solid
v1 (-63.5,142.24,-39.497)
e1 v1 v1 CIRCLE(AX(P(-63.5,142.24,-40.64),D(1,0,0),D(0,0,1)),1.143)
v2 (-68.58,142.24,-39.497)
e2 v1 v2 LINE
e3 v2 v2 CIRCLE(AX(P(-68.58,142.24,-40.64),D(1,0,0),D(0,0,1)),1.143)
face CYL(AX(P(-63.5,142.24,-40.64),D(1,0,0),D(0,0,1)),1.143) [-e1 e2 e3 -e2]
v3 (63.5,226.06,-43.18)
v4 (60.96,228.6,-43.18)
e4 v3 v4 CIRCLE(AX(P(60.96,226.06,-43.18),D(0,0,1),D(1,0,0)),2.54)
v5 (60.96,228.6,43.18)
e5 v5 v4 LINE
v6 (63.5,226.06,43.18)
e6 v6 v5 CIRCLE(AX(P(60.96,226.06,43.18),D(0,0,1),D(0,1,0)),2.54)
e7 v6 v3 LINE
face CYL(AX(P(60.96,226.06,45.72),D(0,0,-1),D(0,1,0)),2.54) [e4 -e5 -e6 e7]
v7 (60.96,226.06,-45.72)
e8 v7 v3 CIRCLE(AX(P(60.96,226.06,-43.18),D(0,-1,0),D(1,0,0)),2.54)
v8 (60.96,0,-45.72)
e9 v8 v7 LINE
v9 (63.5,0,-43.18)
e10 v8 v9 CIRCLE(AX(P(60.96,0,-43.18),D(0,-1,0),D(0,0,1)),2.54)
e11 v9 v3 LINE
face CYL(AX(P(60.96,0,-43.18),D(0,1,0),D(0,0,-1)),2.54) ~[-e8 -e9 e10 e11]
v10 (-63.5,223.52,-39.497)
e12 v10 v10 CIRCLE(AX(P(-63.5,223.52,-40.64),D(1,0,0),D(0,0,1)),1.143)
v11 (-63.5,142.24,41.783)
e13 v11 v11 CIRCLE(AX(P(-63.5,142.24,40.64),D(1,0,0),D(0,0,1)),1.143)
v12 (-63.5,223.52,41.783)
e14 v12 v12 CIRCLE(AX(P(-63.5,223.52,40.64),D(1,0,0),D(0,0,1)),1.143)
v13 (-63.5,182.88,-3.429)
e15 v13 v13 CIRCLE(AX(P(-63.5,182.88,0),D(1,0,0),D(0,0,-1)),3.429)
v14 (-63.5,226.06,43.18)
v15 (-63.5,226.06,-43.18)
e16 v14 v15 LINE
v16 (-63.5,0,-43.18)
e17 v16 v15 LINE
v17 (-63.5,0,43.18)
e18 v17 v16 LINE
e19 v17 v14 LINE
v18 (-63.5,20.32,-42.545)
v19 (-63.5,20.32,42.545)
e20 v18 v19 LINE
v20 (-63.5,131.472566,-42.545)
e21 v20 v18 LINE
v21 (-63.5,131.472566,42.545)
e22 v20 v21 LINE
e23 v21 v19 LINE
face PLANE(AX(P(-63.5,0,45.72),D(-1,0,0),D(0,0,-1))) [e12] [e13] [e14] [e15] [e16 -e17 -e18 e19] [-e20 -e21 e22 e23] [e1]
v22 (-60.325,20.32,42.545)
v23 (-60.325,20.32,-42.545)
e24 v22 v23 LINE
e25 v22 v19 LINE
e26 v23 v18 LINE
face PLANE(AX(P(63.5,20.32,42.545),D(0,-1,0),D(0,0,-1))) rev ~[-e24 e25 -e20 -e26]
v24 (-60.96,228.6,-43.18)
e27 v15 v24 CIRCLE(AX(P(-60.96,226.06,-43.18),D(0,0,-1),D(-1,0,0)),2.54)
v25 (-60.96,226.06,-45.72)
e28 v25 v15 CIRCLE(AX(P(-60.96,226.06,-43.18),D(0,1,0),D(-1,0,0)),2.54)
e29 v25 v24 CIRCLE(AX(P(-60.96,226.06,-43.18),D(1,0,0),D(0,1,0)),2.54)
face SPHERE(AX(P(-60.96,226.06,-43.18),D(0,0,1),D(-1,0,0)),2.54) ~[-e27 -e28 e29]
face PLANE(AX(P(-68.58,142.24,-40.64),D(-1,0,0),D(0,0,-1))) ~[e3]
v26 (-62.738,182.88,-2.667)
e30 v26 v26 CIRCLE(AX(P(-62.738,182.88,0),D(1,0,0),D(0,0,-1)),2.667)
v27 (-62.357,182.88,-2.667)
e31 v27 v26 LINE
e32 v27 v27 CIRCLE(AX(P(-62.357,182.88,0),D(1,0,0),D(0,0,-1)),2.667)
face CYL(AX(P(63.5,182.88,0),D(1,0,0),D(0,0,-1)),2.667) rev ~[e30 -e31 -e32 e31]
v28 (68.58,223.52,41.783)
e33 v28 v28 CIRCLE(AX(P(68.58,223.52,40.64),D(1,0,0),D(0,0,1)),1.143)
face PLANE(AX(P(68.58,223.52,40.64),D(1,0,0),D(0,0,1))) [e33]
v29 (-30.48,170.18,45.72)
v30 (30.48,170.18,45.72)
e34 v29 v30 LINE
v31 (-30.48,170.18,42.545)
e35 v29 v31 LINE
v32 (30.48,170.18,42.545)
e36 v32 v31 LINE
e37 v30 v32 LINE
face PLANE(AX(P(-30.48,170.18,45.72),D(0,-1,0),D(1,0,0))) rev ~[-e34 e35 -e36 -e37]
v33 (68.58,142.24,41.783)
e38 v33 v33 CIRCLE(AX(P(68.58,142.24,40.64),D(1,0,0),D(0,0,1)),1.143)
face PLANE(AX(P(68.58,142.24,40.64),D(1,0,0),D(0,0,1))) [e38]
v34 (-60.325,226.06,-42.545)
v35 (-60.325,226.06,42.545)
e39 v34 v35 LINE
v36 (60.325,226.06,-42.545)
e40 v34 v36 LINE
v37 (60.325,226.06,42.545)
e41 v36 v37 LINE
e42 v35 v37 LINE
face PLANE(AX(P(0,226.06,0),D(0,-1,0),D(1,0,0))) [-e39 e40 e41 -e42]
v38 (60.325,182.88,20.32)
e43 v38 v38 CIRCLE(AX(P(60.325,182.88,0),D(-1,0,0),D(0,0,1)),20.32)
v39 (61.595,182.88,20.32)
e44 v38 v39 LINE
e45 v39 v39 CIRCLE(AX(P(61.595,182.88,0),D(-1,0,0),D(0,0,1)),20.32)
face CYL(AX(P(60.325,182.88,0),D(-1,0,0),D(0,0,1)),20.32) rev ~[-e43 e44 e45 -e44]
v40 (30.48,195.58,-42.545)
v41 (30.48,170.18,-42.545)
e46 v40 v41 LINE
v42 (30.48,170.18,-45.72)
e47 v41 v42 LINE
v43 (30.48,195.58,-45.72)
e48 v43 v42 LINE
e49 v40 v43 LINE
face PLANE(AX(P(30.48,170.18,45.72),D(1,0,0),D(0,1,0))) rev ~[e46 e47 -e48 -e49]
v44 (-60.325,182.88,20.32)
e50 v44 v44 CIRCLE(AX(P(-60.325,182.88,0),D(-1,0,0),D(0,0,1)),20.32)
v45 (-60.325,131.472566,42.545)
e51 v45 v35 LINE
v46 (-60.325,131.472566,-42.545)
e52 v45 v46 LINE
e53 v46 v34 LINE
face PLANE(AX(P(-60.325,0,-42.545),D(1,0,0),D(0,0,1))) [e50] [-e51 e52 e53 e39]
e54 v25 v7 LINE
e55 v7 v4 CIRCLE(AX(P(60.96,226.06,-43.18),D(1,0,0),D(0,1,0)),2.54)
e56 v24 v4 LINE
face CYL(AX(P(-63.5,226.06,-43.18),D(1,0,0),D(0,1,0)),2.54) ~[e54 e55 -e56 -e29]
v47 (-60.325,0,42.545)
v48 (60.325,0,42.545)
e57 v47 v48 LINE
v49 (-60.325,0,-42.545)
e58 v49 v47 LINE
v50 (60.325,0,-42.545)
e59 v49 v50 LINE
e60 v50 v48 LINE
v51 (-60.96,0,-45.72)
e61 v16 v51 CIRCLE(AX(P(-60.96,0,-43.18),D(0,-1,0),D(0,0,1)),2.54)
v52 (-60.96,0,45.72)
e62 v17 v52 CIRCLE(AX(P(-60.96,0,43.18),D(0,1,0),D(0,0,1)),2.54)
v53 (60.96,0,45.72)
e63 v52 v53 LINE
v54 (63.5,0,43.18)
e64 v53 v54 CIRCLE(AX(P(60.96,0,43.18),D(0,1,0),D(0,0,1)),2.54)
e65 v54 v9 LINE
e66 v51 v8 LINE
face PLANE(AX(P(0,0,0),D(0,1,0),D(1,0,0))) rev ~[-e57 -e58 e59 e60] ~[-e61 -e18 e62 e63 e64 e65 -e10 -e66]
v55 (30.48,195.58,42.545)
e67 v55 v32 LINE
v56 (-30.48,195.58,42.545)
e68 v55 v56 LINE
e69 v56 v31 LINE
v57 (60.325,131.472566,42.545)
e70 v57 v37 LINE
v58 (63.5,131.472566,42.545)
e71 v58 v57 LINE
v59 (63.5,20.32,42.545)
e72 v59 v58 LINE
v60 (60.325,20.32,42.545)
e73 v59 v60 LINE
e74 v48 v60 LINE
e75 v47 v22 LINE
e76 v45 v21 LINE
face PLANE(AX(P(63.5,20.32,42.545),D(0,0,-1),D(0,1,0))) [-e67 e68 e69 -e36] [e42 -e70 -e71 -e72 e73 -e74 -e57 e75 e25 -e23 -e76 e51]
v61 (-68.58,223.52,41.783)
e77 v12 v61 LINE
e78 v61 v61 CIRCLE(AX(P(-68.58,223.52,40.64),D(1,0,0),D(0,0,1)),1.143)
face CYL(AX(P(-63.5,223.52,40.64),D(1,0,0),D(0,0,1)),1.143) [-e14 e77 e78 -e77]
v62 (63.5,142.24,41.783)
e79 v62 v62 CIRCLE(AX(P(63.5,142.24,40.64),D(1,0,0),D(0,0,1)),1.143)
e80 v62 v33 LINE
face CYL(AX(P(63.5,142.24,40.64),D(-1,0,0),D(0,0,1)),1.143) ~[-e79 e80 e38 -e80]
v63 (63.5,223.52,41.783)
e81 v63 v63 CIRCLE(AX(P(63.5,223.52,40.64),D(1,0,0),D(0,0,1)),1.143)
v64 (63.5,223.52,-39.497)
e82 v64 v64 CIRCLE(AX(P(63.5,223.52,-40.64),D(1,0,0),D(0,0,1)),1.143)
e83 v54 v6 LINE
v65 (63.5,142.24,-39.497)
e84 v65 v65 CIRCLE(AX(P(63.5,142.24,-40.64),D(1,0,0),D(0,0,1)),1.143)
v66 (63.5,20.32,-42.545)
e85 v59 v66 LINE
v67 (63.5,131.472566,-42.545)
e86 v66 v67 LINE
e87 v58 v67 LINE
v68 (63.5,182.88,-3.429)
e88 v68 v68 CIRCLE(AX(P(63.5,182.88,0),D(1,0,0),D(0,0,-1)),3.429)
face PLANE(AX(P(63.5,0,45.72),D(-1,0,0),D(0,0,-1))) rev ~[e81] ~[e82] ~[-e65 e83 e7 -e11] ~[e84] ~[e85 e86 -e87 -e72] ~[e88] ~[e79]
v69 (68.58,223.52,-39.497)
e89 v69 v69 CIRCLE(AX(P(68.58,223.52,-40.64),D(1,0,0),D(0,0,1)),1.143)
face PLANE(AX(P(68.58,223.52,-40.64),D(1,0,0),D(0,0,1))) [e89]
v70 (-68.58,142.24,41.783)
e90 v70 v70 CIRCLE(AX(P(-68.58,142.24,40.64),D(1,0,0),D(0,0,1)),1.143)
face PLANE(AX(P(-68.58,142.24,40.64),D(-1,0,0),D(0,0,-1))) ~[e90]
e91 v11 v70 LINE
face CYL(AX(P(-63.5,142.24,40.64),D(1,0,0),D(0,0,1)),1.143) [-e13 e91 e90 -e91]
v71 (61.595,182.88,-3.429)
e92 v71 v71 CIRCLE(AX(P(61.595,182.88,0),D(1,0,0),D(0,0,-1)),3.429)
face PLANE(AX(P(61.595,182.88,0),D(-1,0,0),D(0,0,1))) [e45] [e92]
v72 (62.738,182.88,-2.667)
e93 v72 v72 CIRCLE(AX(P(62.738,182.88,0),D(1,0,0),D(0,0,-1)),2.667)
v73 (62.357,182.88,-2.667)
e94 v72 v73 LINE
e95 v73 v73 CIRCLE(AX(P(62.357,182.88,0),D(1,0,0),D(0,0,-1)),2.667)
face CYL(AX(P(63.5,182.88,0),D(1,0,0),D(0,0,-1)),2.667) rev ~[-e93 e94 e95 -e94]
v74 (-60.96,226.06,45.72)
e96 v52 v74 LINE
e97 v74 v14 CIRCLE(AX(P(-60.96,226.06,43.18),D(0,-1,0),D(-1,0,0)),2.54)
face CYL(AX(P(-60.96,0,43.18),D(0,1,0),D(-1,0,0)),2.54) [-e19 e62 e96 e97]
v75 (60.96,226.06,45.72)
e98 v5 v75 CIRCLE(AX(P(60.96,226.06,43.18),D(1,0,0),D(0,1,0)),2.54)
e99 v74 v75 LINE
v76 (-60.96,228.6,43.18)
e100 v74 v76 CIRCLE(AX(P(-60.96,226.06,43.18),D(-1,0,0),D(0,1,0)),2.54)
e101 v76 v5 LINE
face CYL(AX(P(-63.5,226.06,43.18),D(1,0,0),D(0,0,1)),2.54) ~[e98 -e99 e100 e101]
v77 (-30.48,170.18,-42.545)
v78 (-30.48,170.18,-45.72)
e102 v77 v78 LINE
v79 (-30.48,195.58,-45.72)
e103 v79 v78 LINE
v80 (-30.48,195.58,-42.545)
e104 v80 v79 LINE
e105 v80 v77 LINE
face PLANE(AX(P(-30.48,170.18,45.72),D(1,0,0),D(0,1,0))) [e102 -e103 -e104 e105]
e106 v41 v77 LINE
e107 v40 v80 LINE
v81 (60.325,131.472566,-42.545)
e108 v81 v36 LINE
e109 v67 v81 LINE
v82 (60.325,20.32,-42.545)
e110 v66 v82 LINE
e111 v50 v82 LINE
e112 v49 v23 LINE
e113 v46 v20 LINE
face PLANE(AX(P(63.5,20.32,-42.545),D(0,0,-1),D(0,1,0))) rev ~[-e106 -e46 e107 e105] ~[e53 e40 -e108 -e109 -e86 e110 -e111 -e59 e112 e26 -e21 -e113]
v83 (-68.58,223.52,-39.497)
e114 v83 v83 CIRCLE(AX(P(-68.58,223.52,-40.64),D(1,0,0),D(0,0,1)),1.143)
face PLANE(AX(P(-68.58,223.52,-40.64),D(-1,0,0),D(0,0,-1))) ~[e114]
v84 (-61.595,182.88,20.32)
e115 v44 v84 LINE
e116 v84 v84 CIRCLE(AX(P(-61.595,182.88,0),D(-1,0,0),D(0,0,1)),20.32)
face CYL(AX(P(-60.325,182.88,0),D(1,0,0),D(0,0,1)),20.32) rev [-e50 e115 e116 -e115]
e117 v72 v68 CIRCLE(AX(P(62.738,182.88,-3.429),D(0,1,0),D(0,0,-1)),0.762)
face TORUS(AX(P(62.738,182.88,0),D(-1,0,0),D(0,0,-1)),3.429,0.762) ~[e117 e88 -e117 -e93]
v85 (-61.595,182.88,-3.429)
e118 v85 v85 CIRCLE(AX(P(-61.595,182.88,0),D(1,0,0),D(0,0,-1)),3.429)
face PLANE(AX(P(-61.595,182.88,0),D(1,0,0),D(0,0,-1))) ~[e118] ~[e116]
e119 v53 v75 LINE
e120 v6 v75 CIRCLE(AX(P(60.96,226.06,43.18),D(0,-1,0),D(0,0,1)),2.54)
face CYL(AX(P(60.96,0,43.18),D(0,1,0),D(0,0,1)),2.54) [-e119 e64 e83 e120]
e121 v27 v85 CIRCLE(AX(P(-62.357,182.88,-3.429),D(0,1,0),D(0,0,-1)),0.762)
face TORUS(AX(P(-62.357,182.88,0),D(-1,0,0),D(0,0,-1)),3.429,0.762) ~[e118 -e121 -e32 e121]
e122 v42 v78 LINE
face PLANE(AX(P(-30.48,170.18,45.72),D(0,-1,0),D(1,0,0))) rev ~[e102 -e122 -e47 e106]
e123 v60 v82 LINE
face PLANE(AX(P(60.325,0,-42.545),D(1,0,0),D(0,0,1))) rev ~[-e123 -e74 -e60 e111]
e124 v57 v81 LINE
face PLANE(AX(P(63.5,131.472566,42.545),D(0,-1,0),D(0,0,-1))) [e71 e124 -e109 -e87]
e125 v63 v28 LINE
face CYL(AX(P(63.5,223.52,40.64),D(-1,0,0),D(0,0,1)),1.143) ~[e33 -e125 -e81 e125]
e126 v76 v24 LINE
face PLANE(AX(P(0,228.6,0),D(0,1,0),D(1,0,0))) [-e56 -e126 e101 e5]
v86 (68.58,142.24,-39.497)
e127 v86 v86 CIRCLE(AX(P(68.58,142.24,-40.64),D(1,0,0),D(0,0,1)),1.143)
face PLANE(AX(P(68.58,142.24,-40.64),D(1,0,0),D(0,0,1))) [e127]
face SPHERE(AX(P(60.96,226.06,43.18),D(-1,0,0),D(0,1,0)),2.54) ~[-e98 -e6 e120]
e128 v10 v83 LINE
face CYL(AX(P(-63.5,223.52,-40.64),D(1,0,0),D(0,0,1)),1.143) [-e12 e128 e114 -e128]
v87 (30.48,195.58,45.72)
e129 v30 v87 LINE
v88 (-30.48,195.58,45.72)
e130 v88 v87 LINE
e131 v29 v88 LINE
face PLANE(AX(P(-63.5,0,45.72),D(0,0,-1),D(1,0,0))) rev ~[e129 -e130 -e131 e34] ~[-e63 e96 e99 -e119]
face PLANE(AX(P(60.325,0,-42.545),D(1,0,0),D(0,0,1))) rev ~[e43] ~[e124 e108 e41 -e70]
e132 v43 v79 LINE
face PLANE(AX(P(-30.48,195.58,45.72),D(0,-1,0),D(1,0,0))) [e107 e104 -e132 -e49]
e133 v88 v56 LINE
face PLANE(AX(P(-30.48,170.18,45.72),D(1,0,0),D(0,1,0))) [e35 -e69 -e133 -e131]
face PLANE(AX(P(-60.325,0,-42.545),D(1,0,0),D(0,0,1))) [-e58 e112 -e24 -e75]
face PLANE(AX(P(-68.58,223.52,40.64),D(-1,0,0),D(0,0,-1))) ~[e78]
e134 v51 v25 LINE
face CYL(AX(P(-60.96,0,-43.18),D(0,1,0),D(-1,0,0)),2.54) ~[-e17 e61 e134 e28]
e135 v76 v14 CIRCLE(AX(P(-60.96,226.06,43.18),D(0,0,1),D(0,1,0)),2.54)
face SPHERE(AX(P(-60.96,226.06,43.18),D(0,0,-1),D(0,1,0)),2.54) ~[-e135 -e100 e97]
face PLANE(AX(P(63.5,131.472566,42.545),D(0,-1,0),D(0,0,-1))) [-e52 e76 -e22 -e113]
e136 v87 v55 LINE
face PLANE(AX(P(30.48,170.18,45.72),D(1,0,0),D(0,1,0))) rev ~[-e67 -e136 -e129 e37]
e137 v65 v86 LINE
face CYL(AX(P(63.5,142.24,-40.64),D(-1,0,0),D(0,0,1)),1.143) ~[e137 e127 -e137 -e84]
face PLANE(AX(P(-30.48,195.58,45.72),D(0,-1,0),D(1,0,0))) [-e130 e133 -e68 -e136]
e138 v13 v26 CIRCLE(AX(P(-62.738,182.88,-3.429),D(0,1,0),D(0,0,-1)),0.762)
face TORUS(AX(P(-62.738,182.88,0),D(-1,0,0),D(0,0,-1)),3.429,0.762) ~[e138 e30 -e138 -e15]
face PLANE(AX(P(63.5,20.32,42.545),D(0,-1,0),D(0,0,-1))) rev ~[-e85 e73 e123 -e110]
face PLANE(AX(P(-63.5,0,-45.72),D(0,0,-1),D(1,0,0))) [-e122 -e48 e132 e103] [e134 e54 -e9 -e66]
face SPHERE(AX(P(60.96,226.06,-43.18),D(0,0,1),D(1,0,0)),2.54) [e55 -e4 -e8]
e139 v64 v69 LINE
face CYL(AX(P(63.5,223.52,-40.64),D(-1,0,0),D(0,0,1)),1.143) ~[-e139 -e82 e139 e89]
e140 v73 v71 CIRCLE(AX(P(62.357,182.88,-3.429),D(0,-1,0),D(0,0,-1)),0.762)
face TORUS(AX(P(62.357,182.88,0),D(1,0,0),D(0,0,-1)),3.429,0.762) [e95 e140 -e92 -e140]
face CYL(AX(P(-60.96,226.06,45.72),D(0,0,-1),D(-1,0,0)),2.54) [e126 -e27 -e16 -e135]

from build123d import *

# Parameters (mm, degrees)
SKETCH1_W           = 127
SKETCH1_H           = 91.44
BOSS_EXTRUDE1_DEPTH = 228.6
SKETCH3_W           = 120.65
SKETCH3_H           = 85.09
CUT_EXTRUDE1_DEPTH  = 226.06
SKETCH2_R           = 2.667
CUT_EXTRUDE2_DEPTH  = 266.475570251
SKETCH4_R           = 1.143
BOSS_EXTRUDE3_DEPTH = 5.08
SKETCH5_R           = 20.32
CUT_EXTRUDE3_DEPTH  = 1.27
FILLET1_R           = 0.762
FILLET2_R           = 0.762
FILLET3_R           = 0.762
SKETCH6_W           = 60.96
SKETCH6_H           = 25.4
CUT_EXTRUDE4_DEPTH  = 256.582569828
FILLET4_R           = 2.54
SKETCH7_W           = 85.09
SKETCH7_H           = 111.152565629
CUT_EXTRUDE5_DEPTH  = 268.942913323


with BuildPart() as part:
    # Sketch1 → Boss-Extrude1 (new body)
    with BuildSketch(Plane(origin=(0, 0, 0), x_dir=(1, 0, 0), z_dir=(0, 1, 0))):
        Rectangle(SKETCH1_W, SKETCH1_H)
    extrude(amount=BOSS_EXTRUDE1_DEPTH)

    # Sketch3 → Cut-Extrude1 (cut)
    with BuildSketch(Plane.XZ):
        Rectangle(SKETCH3_W, SKETCH3_H)
    extrude(amount=-CUT_EXTRUDE1_DEPTH, mode=Mode.SUBTRACT)

    # Sketch2 → Cut-Extrude2 (cut, through all)
    with BuildSketch(Plane(origin=(63.5, 0, 0), x_dir=(0, 0, -1), z_dir=(1, 0, 0))):
        with Locations((0, 182.88)):
            Circle(SKETCH2_R)
    extrude(amount=-CUT_EXTRUDE2_DEPTH, mode=Mode.SUBTRACT)

    # Sketch4 → Boss-Extrude3 (add)
    with BuildSketch(Plane(origin=(63.5, 0, 0), x_dir=(0, 0, -1), z_dir=(1, 0, 0))):
        with Locations(Location((-40.64, 223.52, 0), (0, 0, 180))):
            Circle(SKETCH4_R)
        with Locations(Location((40.64, 223.52, 0), (0, 0, 180))):
            Circle(SKETCH4_R)
        with Locations(Location((40.64, 142.24, 0), (0, 0, 180))):
            Circle(SKETCH4_R)
        with Locations(Location((-40.64, 142.24, 0), (0, 0, 180))):
            Circle(SKETCH4_R)
    boss_extrude3 = extrude(amount=BOSS_EXTRUDE3_DEPTH)

    # Sketch5 → Cut-Extrude3 (cut)
    with BuildSketch(Plane.ZY.offset(-60.325)):
        with Locations((0, 182.88)):
            Circle(SKETCH5_R)
    cut_extrude3 = extrude(amount=-CUT_EXTRUDE3_DEPTH, mode=Mode.SUBTRACT)

    # Fillet1
    fillet1_edges = [part.edges().sort_by_distance(p)[0] for p in [
        (61.595, 182.88, 2.667),
    ]]
    fillet(fillet1_edges, radius=FILLET1_R)

    # Fillet2
    fillet2_edges = [part.edges().sort_by_distance(p)[0] for p in [
        (63.5, 182.88, 2.667),
    ]]
    fillet(fillet2_edges, radius=FILLET2_R)

    # Mirror2: Boss-Extrude3, Cut-Extrude3 across plane
    add(boss_extrude3.mirror(Plane(origin=(0, 0, 0), x_dir=(0, 0, 1), z_dir=(1, 0, 0))))
    add(cut_extrude3.mirror(Plane(origin=(0, 0, 0), x_dir=(0, 0, 1), z_dir=(1, 0, 0))), mode=Mode.SUBTRACT)

    # Fillet3
    fillet3_edges = [part.edges().sort_by_distance(p)[0] for p in [
        (-63.5, 182.88, 2.667),
        (-61.595, 182.88, 2.667),
    ]]
    fillet(fillet3_edges, radius=FILLET3_R)

    # Sketch6 → Cut-Extrude4 (cut, through all)
    with BuildSketch(Plane.XY.offset(45.72)):
        with Locations((0, 182.88)):
            Rectangle(SKETCH6_W, SKETCH6_H)
    extrude(amount=-CUT_EXTRUDE4_DEPTH, mode=Mode.SUBTRACT)

    # Fillet4
    fillet4_edges = [part.edges().sort_by_distance(p)[0] for p in [
        (-63.5, 228.6, 0),
        (0, 228.6, 45.72),
        (63.5, 228.6, 0),
        (63.5, 114.3, 45.72),
        (-63.5, 114.3, 45.72),
        (-63.5, 114.3, -45.72),
        (63.5, 114.3, -45.72),
        (0, 228.6, -45.72),
    ]]
    fillet(fillet4_edges, radius=FILLET4_R)

    # Sketch7 → Cut-Extrude5 (cut, through all)
    with BuildSketch(Plane(origin=(63.5, 0, 0), x_dir=(0, 0, -1), z_dir=(1, 0, 0))):
        with Locations((0, 75.896282814)):
            Rectangle(SKETCH7_W, SKETCH7_H)
    extrude(amount=-CUT_EXTRUDE5_DEPTH, mode=Mode.SUBTRACT)


solid = part.part
